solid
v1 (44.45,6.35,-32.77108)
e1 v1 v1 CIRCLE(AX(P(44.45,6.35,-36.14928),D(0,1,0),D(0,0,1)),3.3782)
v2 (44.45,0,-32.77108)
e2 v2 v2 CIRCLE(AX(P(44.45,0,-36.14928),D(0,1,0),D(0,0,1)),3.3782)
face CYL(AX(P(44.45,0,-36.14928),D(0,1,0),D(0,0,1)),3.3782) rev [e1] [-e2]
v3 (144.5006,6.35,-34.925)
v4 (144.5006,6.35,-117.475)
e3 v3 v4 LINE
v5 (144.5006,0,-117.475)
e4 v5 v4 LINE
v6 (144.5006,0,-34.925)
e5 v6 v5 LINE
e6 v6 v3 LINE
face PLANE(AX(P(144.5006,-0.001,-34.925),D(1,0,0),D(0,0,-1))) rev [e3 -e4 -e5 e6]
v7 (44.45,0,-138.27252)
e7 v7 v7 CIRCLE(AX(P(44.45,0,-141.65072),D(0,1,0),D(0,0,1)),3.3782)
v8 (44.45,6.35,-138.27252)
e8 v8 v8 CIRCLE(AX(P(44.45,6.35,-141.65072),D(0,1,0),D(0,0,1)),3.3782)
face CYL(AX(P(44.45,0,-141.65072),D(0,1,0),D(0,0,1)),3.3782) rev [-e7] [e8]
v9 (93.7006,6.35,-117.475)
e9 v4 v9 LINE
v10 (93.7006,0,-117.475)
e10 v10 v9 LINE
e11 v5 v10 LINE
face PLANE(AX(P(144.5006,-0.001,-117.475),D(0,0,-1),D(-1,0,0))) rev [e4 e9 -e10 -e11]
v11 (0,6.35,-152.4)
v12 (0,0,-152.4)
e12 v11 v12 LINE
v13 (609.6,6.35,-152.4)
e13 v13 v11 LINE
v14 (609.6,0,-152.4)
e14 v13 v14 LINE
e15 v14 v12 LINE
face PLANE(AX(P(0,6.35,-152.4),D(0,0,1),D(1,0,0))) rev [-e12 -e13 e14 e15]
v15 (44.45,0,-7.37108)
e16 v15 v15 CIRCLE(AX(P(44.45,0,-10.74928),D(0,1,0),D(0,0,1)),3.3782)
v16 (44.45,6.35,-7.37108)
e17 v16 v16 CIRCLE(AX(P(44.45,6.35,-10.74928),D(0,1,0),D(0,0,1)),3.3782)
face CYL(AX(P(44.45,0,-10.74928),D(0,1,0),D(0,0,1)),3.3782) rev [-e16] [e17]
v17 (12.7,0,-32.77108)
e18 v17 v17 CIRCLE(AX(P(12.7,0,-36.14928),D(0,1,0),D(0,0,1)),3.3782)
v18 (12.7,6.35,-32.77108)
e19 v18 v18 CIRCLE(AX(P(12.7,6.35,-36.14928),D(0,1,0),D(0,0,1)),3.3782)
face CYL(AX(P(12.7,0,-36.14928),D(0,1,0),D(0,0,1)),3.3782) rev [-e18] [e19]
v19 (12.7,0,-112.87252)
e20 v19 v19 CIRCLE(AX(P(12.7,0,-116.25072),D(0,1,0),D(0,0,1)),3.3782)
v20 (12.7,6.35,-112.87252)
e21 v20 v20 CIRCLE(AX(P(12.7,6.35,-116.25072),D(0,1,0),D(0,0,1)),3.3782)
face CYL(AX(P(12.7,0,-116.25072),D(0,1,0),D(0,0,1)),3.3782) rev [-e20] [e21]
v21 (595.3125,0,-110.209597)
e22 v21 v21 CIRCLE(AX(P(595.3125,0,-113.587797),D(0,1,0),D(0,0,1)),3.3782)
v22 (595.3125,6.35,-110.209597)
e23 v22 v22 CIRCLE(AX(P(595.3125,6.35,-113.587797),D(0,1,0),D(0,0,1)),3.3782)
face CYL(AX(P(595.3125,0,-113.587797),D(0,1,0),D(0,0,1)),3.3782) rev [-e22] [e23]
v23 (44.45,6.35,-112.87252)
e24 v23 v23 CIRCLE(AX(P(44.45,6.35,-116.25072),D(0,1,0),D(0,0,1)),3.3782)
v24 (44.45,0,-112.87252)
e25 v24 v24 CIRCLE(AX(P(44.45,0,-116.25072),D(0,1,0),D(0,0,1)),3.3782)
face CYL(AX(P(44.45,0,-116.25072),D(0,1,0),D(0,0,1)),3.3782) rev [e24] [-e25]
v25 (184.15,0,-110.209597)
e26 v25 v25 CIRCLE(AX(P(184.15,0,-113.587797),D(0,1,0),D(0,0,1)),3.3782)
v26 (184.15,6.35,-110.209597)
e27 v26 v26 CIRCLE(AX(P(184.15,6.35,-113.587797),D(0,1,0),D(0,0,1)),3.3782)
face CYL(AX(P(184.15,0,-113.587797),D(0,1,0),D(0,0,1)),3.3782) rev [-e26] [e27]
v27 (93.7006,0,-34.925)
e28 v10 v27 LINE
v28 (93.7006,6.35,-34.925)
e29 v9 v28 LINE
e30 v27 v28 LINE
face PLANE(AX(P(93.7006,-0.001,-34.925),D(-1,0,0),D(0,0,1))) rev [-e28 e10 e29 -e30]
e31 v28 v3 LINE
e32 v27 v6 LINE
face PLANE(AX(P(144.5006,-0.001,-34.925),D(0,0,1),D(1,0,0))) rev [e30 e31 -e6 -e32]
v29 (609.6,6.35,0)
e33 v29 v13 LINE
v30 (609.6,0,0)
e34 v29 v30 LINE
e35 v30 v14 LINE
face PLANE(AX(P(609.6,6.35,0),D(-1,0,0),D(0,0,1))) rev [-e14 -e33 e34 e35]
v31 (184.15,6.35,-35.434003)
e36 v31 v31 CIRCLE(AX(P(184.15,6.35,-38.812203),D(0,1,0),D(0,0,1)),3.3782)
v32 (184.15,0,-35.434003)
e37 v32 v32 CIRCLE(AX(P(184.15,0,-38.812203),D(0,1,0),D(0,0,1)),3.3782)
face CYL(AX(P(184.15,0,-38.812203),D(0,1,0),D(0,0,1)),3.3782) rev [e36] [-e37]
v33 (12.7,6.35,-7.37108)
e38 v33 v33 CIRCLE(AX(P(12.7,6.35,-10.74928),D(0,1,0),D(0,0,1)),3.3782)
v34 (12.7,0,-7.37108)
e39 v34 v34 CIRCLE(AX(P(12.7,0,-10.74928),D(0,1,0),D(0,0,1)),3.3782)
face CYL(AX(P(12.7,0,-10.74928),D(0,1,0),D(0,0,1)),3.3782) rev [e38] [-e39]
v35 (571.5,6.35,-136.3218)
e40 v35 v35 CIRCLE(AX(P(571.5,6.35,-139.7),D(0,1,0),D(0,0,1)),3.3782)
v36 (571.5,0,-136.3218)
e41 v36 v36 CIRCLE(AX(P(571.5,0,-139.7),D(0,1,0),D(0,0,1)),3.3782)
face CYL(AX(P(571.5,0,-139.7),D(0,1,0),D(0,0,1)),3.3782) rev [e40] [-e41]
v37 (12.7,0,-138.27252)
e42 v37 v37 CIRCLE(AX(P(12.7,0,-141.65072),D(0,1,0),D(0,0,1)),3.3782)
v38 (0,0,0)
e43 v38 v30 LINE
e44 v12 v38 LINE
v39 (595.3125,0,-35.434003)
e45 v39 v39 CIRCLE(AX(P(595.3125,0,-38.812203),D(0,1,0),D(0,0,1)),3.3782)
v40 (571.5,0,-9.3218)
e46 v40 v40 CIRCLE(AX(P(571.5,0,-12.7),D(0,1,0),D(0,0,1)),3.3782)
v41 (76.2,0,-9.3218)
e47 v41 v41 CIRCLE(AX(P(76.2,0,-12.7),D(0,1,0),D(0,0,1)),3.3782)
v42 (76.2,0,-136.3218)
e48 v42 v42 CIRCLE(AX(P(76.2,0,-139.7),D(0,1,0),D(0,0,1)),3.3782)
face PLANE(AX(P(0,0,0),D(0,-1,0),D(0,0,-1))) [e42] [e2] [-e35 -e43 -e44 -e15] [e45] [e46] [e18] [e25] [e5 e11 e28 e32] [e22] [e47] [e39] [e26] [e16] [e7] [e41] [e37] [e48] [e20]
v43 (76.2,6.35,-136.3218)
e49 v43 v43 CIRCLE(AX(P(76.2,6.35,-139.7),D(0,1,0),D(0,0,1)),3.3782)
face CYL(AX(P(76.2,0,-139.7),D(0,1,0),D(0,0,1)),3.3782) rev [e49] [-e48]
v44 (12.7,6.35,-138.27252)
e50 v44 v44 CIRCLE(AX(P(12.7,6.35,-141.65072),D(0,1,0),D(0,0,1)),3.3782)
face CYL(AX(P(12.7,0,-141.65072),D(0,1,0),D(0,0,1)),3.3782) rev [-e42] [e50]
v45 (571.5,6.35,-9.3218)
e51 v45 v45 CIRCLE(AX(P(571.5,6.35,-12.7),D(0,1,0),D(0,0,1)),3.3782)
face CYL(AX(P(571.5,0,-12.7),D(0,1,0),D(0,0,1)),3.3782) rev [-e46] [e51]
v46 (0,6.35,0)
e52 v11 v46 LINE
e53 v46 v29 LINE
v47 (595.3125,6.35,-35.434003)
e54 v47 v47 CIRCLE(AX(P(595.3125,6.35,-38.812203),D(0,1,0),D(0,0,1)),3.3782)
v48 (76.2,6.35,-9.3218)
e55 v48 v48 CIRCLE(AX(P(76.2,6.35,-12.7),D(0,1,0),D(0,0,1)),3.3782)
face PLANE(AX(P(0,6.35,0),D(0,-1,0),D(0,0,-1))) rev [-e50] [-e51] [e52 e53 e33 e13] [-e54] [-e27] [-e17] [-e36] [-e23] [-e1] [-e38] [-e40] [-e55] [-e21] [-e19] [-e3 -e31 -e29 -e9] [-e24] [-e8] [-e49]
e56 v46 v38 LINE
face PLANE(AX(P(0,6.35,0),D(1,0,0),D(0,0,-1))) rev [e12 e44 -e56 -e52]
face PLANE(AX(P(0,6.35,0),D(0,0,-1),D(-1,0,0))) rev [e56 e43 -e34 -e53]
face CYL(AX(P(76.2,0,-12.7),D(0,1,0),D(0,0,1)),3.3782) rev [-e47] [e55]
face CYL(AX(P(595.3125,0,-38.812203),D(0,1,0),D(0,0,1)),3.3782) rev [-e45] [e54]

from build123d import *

# Parameters (mm, degrees)
SKETCH2_W           = 609.6
SKETCH2_H           = 152.4
BOSS_EXTRUDE1_DEPTH = 6.35
CUT_EXTRUDE1_REACH  = 630.393
SKETCH3_W           = 50.8
SKETCH3_H           = 82.55
SKETCH4_R           = 3.3782
CUT_EXTRUDE2_DEPTH  = 629.393381967
SKETCH5_R           = 3.3782
CUT_EXTRUDE3_DEPTH  = 629.393381967
SKETCH6_R           = 3.3782
CUT_EXTRUDE4_DEPTH  = 629.393381967


with BuildPart() as part:
    # Sketch2 → Boss-Extrude1 (new body)
    with BuildSketch(Plane(origin=(0, 0, 0), x_dir=(1, 0, 0), z_dir=(0, 1, 0))):
        with Locations((304.8, 76.2)):
            Rectangle(SKETCH2_W, SKETCH2_H)
    extrude(amount=BOSS_EXTRUDE1_DEPTH)

    # Sketch3 → Cut-Extrude1 (cut, up to next)
    with BuildSketch(Plane(origin=(0, 6.35, 0), x_dir=(1, 0, 0), z_dir=(0, 1, 0)), mode=Mode.PRIVATE) as cut_extrude1_sk1:
        with Locations((119.1006, 76.2)):
            Rectangle(SKETCH3_W, SKETCH3_H)
    cut_extrude1_tool1 = extrude(cut_extrude1_sk1.sketch, amount=-CUT_EXTRUDE1_REACH, mode=Mode.PRIVATE) & part.part
    add(cut_extrude1_tool1.solids().sort_by_distance((119.1006, 6.35, -76.2))[0], mode=Mode.SUBTRACT)

    # Sketch4 → Cut-Extrude2 (cut, through all)
    with BuildSketch(Plane(origin=(0, 6.35, 0), x_dir=(1, 0, 0), z_dir=(0, 1, 0))):
        with Locations(Location((571.5, 12.7, 0), (0, 0, 270))):
            Circle(SKETCH4_R)
        with Locations(Location((571.5, 139.7, 0), (0, 0, 270))):
            Circle(SKETCH4_R)
        with Locations(Location((76.2, 12.7, 0), (0, 0, 270))):
            Circle(SKETCH4_R)
        with Locations(Location((76.2, 139.7, 0), (0, 0, 270))):
            Circle(SKETCH4_R)
    extrude(amount=-CUT_EXTRUDE2_DEPTH, mode=Mode.SUBTRACT)

    # Sketch5 → Cut-Extrude3 (cut, through all)
    with BuildSketch(Plane(origin=(0, 6.35, 0), x_dir=(1, 0, 0), z_dir=(0, 1, 0))):
        with Locations(Location((595.3125, 113.587796728, 0), (0, 0, 270))):
            Circle(SKETCH5_R)
        with Locations(Location((595.3125, 38.812203272, 0), (0, 0, 270))):
            Circle(SKETCH5_R)
        with Locations(Location((184.15, 38.812203272, 0), (0, 0, 270))):
            Circle(SKETCH5_R)
        with Locations(Location((184.15, 113.587796728, 0), (0, 0, 270))):
            Circle(SKETCH5_R)
    extrude(amount=-CUT_EXTRUDE3_DEPTH, mode=Mode.SUBTRACT)

    # Sketch6 → Cut-Extrude4 (cut, through all)
    with BuildSketch(Plane(origin=(0, 6.35, 0), x_dir=(1, 0, 0), z_dir=(0, 1, 0))):
        with Locations(Location((12.7, 36.14928, 0), (0, 0, 270))):
            Circle(SKETCH6_R)
        with Locations(Location((12.7, 10.74928, 0), (0, 0, 270))):
            Circle(SKETCH6_R)
        with Locations(Location((44.45, 10.74928, 0), (0, 0, 270))):
            Circle(SKETCH6_R)
        with Locations(Location((44.45, 36.14928, 0), (0, 0, 270))):
            Circle(SKETCH6_R)
        with Locations(Location((12.7, 141.65072, 0), (0, 0, 270))):
            Circle(SKETCH6_R)
        with Locations(Location((12.7, 116.25072, 0), (0, 0, 270))):
            Circle(SKETCH6_R)
        with Locations(Location((44.45, 116.25072, 0), (0, 0, 270))):
            Circle(SKETCH6_R)
        with Locations(Location((44.45, 141.65072, 0), (0, 0, 270))):
            Circle(SKETCH6_R)
    extrude(amount=-CUT_EXTRUDE4_DEPTH, mode=Mode.SUBTRACT)


solid = part.part
